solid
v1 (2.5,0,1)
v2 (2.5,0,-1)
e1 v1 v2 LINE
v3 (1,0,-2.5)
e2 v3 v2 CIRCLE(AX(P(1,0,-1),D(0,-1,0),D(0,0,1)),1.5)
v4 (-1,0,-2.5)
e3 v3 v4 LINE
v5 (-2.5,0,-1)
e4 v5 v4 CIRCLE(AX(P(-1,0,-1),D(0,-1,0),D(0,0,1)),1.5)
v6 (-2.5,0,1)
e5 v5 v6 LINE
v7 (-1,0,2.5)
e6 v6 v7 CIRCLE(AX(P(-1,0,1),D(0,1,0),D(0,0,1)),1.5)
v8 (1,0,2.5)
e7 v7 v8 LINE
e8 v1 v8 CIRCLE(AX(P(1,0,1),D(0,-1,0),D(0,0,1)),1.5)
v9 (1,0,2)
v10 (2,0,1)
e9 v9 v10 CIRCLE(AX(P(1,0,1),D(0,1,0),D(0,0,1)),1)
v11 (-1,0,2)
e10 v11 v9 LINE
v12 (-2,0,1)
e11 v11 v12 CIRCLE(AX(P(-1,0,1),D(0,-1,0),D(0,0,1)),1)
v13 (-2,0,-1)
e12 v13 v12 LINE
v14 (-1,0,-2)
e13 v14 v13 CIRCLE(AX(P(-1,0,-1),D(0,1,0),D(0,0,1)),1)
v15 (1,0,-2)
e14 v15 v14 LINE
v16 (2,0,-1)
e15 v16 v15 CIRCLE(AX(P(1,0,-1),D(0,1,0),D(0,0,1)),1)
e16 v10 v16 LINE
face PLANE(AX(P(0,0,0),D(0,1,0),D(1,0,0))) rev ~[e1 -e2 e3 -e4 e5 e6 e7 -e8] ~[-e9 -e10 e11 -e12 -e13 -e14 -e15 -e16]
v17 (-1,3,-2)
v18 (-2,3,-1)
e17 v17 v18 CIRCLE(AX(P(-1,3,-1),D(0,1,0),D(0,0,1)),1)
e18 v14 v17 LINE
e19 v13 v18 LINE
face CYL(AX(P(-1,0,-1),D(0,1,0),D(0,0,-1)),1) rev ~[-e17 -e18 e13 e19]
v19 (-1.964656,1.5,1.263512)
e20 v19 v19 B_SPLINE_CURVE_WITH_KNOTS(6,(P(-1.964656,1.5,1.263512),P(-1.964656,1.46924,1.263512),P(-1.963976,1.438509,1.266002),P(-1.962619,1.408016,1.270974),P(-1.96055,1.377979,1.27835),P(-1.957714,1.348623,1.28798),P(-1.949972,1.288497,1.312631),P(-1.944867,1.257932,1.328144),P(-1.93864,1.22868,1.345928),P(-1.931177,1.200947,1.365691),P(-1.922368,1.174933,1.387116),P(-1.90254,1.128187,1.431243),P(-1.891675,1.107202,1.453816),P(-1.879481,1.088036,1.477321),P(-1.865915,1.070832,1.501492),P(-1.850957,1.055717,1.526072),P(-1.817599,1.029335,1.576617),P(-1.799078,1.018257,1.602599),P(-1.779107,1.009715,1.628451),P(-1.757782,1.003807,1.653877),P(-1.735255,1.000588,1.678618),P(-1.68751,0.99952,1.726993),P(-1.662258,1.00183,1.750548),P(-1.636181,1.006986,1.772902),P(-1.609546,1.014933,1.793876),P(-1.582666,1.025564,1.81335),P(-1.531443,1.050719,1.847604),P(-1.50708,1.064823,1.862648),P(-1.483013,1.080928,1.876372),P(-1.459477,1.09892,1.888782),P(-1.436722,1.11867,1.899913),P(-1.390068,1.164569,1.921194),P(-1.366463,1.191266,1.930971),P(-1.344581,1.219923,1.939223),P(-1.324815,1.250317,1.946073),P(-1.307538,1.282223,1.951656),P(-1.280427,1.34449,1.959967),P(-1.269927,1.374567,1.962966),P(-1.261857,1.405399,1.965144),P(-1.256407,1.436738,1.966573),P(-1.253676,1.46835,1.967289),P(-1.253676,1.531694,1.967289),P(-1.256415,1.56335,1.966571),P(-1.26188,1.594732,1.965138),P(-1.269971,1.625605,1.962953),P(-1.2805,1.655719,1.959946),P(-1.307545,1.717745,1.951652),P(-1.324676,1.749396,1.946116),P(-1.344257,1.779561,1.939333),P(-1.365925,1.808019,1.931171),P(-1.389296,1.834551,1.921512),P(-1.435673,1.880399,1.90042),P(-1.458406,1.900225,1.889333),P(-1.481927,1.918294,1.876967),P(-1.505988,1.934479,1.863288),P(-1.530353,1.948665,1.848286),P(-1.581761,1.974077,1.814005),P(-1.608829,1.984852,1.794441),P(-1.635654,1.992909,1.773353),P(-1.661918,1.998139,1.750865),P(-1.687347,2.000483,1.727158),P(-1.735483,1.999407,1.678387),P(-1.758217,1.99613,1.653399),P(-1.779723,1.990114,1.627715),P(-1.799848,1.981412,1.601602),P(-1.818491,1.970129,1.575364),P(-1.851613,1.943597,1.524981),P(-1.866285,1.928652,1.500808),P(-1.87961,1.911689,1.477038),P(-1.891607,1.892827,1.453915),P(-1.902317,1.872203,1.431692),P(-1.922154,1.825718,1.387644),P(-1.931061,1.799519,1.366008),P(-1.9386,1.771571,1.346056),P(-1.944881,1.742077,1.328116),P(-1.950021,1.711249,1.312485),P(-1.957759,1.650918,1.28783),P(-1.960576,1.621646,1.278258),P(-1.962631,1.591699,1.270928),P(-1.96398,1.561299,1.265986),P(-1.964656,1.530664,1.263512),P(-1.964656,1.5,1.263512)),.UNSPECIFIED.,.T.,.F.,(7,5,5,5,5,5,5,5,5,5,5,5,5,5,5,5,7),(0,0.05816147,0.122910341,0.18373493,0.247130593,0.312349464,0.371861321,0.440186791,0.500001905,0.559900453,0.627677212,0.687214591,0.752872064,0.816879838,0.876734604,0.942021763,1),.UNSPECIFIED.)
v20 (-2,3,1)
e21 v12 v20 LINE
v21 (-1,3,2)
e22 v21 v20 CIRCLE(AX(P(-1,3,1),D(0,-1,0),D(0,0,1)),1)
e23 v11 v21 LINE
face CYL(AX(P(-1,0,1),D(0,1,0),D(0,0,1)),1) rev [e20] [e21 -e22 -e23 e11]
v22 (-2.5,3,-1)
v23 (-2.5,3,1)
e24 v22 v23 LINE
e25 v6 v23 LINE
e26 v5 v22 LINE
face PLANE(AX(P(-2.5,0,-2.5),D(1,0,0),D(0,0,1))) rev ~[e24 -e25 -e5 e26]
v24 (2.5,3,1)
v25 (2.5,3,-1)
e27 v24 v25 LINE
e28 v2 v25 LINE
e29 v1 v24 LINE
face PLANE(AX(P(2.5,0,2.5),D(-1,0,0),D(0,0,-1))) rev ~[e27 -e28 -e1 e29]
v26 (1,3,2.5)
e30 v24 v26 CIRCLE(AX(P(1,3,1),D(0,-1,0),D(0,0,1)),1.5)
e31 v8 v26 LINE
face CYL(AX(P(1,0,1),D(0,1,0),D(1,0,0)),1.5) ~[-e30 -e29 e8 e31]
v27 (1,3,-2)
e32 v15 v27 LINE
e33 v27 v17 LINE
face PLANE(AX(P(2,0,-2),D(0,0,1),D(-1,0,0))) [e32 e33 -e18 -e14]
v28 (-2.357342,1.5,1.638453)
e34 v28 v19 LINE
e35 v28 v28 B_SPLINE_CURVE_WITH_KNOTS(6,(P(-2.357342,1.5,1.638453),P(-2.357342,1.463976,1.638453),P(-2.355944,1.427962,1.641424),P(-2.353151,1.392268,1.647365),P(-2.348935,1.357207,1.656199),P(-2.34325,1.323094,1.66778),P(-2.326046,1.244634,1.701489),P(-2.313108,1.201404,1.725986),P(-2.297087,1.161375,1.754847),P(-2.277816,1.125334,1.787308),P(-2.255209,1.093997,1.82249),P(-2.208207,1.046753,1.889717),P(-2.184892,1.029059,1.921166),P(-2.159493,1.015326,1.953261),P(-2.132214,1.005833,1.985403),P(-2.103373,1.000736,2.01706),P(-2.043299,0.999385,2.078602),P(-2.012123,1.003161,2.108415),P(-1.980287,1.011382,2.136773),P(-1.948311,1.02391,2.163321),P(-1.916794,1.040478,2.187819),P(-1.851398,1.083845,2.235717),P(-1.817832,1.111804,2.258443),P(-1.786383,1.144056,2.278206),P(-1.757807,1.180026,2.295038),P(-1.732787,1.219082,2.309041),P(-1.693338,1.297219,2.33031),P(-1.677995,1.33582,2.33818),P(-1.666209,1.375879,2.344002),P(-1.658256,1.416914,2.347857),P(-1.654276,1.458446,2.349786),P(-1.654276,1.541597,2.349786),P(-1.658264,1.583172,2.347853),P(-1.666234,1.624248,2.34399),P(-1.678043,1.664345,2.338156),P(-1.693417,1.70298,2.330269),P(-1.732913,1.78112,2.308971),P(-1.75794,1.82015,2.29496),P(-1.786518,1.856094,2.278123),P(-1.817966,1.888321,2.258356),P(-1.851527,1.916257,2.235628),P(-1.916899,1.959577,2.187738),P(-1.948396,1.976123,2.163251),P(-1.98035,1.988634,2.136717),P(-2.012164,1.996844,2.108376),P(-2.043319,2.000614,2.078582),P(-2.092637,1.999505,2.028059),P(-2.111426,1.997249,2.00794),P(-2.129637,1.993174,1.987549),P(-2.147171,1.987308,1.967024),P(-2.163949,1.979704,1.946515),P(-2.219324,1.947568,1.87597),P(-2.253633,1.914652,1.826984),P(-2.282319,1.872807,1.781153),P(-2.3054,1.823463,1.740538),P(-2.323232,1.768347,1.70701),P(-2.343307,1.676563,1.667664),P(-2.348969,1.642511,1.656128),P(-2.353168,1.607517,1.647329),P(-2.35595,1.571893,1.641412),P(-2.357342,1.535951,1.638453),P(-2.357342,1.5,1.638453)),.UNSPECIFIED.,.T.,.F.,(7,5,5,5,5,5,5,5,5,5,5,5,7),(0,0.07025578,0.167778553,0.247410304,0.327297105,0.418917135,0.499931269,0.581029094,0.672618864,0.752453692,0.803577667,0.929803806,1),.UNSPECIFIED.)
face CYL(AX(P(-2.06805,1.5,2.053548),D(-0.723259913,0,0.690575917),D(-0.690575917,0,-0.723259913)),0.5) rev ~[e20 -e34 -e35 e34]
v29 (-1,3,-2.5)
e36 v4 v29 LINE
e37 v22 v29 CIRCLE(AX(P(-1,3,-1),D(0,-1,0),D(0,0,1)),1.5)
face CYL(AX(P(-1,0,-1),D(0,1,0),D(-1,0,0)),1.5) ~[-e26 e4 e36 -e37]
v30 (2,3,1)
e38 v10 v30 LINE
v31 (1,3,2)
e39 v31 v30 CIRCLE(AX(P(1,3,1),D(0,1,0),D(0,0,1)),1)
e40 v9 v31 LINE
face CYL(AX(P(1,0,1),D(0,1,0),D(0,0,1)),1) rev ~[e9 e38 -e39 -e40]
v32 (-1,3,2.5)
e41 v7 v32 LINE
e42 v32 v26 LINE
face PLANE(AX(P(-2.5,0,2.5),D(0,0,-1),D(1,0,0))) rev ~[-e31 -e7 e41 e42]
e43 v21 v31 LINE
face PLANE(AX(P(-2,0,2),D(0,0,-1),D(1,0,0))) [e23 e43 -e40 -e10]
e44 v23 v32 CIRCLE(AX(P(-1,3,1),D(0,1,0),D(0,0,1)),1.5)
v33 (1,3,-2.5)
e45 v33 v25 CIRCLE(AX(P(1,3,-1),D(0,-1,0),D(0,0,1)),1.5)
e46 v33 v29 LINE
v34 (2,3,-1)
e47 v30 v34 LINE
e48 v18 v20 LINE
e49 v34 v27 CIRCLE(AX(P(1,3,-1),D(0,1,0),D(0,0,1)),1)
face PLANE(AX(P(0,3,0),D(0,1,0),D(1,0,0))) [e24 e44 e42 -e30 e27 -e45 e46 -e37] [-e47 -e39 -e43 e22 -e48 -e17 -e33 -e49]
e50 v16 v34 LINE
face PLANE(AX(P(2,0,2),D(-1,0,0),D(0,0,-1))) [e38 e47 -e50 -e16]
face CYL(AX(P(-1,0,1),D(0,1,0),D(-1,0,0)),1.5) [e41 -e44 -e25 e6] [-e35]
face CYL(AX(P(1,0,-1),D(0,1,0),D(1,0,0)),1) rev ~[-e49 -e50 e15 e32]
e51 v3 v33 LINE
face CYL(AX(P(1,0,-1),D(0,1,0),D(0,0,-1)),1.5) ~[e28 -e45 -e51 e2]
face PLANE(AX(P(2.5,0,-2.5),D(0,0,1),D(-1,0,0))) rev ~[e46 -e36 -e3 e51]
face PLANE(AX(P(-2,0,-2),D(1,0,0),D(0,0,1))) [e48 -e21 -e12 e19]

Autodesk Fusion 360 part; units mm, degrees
sketch "Sketch1" plane through (0, 0, 0) normal (0, 1, 0) x (1, 0, 0)
  line L0 (-2, -2) -> (2, -2)
  line L1 (2, -2) -> (2, 2)
  line L2 (2, 2) -> (-2, 2)
  line L3 (-2, 2) -> (-2, -2)
  line L4 (-2, -2) -> (2, 2) construction
  line L5 (2, -2) -> (-2, 2) construction
  line L6 (-2.5, -2.5) -> (2.5, -2.5)
  line L7 (2.5, -2.5) -> (2.5, 2.5)
  line L8 (2.5, 2.5) -> (-2.5, 2.5)
  line L9 (-2.5, 2.5) -> (-2.5, -2.5)
  line L10 (-2.5, -2.5) -> (2.5, 2.5) construction
  line L11 (2.5, -2.5) -> (-2.5, 2.5) construction
  dimension "d1" = 4
  dimension "d2" = 4
  dimension "d3" = 5
  dimension "d4" = 5
extrude "Extrude1" add sketch "Sketch1" along normal blind 3
fillet "Fillet1" radius 1.5 4 edges at (-2.5, 1.5, -2.5) (-2.5, 1.5, 2.5) (2.5, 1.5, -2.5) (2.5, 1.5, 2.5)
fillet "Fillet2" radius 1 4 edges at (-2, 1.5, -2) (-2, 1.5, 2) (2, 1.5, 2) (2, 1.5, -2)
sketch "Sketch2" plane through (0, 0, 2.5) normal (0, 0, 1) x (1, 0, 0)
  line L0 (1, 0) -> (1, 3)
  line L1 (1, 3) -> (-1, 3)
  line L2 (-1, 3) -> (-1, 0)
  line L3 (-1, 0) -> (1, 0)
ref_plane "WorkPlane1" through (-2.0849, 2.8811, 2.0359) normal (-0.72326, 0, 0.690576) x (-0.690576, 0, -0.72326)
sketch "Sketch3" plane through (-2.0849, 2.8811, 2.0359) normal (-0.72326, 0, 0.690576) x (-0.690576, 0, -0.72326)
  circle A0 centre (-0.0244, 1.3811) radius 0.5
  line L0 (1.0359, -0.1189) -> (-1.0849, -0.1189)
  line L1 (-1.0849, -0.1189) -> (-1.0849, 2.8811)
  line L2 (1.0359, -0.1189) -> (1.0359, 2.8811)
  dimension "d10" = 1
  dimension "d11" = 1.5
  dimension "d14" = 1.0605
  dimension "d15" = 1.097
extrude "Extrude2" cut sketch "Sketch3" against normal blind 0.9
